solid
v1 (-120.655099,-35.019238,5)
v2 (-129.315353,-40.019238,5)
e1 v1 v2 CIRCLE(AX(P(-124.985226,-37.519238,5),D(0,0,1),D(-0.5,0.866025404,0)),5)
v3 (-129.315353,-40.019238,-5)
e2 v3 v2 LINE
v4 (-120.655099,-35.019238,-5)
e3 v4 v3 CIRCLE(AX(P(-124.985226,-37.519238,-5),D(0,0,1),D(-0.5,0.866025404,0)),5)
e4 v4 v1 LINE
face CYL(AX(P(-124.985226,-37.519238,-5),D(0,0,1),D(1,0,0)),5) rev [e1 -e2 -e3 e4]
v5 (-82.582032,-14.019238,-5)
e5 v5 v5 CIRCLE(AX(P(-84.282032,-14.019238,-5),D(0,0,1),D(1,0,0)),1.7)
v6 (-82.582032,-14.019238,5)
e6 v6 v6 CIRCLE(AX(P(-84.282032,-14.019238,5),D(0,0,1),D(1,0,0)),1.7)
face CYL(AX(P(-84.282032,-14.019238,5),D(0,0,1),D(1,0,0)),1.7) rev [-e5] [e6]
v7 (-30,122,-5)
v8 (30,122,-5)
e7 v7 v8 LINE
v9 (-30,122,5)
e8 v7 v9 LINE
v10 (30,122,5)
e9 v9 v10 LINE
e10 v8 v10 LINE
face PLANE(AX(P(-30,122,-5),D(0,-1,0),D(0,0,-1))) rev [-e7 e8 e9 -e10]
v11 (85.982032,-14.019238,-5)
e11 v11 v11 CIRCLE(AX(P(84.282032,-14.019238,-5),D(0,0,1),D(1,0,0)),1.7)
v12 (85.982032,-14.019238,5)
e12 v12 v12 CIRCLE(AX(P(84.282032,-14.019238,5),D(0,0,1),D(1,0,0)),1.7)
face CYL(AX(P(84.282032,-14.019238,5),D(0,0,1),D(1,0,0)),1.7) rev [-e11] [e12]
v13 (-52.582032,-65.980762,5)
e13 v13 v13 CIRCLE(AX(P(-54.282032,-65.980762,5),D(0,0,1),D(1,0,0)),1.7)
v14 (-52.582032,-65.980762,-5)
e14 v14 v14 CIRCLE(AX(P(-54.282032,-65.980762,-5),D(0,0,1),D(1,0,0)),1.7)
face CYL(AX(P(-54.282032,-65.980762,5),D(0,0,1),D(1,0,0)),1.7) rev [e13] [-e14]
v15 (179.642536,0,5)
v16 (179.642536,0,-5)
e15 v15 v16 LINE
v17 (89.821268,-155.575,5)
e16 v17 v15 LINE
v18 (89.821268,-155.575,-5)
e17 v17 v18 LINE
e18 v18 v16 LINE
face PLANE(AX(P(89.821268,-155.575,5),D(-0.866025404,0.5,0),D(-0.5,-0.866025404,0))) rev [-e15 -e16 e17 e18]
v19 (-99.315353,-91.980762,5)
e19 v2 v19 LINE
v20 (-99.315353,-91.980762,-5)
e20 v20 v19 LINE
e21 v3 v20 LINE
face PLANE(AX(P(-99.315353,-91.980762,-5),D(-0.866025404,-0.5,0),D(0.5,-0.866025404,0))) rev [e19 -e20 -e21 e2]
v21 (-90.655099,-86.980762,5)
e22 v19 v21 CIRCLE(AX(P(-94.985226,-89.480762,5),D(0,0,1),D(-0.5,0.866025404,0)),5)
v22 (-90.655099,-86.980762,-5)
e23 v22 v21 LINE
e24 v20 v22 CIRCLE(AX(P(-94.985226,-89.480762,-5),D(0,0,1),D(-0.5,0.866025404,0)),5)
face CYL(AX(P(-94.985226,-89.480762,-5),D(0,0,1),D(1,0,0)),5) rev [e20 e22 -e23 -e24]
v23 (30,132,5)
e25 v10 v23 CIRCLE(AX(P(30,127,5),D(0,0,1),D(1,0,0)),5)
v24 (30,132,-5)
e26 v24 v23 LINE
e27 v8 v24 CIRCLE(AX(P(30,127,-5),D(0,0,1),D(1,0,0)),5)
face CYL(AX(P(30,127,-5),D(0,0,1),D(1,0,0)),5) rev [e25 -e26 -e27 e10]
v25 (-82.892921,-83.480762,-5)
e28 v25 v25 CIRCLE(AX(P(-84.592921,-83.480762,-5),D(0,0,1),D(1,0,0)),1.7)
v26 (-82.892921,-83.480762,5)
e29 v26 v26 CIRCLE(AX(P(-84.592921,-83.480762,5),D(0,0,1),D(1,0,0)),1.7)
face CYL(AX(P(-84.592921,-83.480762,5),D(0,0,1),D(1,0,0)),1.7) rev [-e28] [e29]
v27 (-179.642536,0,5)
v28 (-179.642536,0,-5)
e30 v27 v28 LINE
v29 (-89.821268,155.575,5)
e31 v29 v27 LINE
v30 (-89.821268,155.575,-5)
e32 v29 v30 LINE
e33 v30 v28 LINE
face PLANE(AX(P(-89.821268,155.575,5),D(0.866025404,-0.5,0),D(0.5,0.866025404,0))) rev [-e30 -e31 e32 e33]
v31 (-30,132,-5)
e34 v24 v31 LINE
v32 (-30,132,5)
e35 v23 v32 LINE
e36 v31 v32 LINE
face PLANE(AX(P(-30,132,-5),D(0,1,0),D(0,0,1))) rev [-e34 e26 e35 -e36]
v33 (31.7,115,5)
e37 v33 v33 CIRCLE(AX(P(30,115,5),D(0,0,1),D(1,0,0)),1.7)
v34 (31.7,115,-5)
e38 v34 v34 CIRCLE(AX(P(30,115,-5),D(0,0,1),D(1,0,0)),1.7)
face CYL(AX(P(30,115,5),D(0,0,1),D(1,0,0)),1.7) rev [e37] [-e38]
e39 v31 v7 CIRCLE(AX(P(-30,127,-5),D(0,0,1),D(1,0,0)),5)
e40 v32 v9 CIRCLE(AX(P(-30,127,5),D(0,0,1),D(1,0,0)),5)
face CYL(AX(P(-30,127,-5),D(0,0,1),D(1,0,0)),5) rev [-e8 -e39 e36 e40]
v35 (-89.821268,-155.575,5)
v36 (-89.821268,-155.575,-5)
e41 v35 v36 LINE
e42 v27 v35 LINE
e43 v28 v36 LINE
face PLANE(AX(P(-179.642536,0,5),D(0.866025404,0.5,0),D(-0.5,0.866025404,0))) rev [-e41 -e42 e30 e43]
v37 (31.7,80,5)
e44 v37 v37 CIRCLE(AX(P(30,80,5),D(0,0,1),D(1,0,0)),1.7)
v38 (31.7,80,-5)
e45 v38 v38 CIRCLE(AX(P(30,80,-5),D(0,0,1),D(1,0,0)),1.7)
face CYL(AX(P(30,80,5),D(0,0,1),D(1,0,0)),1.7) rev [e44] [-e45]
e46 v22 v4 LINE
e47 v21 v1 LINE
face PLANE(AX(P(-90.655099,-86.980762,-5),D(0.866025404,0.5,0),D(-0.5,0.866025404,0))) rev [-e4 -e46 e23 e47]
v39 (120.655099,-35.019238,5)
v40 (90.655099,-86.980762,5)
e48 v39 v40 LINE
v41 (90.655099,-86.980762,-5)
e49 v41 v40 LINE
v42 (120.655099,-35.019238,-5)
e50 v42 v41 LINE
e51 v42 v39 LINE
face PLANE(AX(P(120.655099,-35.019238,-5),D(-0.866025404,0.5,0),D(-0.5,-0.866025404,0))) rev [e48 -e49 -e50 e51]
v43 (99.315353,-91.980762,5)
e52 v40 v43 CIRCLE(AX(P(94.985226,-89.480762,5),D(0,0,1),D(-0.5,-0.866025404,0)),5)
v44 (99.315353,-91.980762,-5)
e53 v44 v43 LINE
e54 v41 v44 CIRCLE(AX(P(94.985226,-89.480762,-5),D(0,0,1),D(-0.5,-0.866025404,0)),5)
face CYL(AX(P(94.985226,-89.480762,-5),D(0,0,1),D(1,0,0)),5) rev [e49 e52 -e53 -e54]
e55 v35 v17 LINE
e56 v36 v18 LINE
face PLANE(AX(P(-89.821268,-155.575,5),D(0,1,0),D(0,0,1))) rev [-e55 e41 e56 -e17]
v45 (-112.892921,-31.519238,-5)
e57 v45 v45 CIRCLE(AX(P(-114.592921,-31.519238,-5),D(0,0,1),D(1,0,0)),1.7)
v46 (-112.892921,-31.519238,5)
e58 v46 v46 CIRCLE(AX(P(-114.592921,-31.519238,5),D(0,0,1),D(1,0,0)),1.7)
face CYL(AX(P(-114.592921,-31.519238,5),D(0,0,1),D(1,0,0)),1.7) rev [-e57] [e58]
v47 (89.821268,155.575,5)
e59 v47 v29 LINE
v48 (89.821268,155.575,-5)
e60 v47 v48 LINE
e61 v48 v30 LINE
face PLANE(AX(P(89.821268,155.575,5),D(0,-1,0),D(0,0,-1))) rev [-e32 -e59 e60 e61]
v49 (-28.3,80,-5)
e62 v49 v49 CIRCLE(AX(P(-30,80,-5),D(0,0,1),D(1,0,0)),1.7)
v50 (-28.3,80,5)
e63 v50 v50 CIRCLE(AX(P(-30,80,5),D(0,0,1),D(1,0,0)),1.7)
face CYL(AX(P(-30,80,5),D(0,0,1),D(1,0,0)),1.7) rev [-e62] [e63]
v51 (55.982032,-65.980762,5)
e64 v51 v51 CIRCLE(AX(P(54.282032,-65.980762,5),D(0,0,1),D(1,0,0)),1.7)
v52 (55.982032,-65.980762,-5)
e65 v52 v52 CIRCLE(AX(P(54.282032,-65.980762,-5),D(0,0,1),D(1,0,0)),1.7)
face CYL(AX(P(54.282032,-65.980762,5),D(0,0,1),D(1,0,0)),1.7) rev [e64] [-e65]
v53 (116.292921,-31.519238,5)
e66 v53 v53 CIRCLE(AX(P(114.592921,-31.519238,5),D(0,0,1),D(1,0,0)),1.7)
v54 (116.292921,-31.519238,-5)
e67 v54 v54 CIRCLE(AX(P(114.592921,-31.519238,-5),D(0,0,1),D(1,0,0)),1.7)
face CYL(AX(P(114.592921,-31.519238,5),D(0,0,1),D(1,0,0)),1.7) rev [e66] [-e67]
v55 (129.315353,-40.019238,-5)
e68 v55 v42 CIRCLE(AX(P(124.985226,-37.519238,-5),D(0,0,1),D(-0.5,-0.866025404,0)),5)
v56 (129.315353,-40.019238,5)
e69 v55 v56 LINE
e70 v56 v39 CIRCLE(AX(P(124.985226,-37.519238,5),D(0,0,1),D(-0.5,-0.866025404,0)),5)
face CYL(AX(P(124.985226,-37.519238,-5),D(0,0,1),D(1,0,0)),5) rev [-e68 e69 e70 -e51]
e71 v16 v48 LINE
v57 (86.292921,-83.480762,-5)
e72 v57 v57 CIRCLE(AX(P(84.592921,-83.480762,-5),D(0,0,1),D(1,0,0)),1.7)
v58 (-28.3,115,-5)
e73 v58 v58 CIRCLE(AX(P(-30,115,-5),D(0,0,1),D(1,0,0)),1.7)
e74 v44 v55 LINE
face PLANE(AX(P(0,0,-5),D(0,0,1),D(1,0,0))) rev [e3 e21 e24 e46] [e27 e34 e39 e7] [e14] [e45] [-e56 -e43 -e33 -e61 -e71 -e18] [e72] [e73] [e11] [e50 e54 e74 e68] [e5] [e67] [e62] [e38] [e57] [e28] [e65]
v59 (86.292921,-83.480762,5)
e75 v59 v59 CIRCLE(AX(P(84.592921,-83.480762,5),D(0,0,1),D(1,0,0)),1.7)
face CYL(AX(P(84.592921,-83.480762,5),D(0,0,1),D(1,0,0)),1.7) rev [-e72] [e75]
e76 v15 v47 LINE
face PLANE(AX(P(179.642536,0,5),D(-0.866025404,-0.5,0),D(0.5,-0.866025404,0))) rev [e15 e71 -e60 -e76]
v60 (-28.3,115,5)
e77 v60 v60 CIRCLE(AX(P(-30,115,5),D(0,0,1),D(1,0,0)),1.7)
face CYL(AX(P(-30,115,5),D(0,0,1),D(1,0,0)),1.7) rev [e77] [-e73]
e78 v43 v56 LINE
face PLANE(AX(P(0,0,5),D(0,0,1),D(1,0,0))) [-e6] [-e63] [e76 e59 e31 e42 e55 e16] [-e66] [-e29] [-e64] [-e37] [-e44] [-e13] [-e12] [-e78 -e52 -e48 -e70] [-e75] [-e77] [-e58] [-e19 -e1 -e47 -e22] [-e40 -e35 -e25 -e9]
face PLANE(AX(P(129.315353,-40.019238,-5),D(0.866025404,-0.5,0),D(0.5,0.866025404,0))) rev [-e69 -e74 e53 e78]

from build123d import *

# Parameters (mm, degrees)
BOSS_EXTRUDE1_DEPTH  = 5
CUT_EXTRUDE1_DEPTH   = 238.855042953
M3_CLEARANCE_HOLE1_D = 3.4
CIRPATTERN1_COUNT    = 3


with BuildPart() as part:
    # Sketch2 → Boss-Extrude1 (new, symmetric)
    with BuildSketch(Plane.XY):
        Polygon((-89.821268129, 155.575), (-179.642536258, 0), (-89.821268129, -155.575), (89.821268129, -155.575), (179.642536258, 0), (89.821268129, 155.575), align=None)
    extrude(amount=BOSS_EXTRUDE1_DEPTH, both=True)

    # Sketch3 → Cut-Extrude1 (cut, through all)
    with BuildSketch(Plane.XY.offset(5)):
        with BuildLine():
            Line((-29.999999999, 132), (30.000000001, 132))
            ThreePointArc((30.000000001, 132), (35.000000001, 127), (30.000000001, 122))
            Line((30.000000001, 122), (-29.999999999, 122))
            ThreePointArc((-29.999999999, 122), (-34.999999999, 127), (-29.999999999, 132))
        make_face()
    cut_extrude1 = extrude(amount=-CUT_EXTRUDE1_DEPTH, mode=Mode.SUBTRACT)

    # M3 Clearance Hole1 (through all)
    with Locations(Plane.XY.offset(5)):
        with Locations((-30.000000001, 115), (30.000000001, 115), (-30.000000001, 80), (30.000000001, 80)):
            m3_clearance_hole1 = Hole(M3_CLEARANCE_HOLE1_D / 2)

    # CirPattern1: Cut-Extrude1, M3 Clearance Hole1 ×3 about axis
    cirpattern1_axis = Axis((0, 0, -20.250000596), (0, 0, 1))
    add([cut_extrude1.rotate(cirpattern1_axis, i * 360 / CIRPATTERN1_COUNT) for i in range(1, CIRPATTERN1_COUNT)], mode=Mode.SUBTRACT)
    add([m3_clearance_hole1.rotate(cirpattern1_axis, i * 360 / CIRPATTERN1_COUNT) for i in range(1, CIRPATTERN1_COUNT)], mode=Mode.SUBTRACT)


solid = part.part
